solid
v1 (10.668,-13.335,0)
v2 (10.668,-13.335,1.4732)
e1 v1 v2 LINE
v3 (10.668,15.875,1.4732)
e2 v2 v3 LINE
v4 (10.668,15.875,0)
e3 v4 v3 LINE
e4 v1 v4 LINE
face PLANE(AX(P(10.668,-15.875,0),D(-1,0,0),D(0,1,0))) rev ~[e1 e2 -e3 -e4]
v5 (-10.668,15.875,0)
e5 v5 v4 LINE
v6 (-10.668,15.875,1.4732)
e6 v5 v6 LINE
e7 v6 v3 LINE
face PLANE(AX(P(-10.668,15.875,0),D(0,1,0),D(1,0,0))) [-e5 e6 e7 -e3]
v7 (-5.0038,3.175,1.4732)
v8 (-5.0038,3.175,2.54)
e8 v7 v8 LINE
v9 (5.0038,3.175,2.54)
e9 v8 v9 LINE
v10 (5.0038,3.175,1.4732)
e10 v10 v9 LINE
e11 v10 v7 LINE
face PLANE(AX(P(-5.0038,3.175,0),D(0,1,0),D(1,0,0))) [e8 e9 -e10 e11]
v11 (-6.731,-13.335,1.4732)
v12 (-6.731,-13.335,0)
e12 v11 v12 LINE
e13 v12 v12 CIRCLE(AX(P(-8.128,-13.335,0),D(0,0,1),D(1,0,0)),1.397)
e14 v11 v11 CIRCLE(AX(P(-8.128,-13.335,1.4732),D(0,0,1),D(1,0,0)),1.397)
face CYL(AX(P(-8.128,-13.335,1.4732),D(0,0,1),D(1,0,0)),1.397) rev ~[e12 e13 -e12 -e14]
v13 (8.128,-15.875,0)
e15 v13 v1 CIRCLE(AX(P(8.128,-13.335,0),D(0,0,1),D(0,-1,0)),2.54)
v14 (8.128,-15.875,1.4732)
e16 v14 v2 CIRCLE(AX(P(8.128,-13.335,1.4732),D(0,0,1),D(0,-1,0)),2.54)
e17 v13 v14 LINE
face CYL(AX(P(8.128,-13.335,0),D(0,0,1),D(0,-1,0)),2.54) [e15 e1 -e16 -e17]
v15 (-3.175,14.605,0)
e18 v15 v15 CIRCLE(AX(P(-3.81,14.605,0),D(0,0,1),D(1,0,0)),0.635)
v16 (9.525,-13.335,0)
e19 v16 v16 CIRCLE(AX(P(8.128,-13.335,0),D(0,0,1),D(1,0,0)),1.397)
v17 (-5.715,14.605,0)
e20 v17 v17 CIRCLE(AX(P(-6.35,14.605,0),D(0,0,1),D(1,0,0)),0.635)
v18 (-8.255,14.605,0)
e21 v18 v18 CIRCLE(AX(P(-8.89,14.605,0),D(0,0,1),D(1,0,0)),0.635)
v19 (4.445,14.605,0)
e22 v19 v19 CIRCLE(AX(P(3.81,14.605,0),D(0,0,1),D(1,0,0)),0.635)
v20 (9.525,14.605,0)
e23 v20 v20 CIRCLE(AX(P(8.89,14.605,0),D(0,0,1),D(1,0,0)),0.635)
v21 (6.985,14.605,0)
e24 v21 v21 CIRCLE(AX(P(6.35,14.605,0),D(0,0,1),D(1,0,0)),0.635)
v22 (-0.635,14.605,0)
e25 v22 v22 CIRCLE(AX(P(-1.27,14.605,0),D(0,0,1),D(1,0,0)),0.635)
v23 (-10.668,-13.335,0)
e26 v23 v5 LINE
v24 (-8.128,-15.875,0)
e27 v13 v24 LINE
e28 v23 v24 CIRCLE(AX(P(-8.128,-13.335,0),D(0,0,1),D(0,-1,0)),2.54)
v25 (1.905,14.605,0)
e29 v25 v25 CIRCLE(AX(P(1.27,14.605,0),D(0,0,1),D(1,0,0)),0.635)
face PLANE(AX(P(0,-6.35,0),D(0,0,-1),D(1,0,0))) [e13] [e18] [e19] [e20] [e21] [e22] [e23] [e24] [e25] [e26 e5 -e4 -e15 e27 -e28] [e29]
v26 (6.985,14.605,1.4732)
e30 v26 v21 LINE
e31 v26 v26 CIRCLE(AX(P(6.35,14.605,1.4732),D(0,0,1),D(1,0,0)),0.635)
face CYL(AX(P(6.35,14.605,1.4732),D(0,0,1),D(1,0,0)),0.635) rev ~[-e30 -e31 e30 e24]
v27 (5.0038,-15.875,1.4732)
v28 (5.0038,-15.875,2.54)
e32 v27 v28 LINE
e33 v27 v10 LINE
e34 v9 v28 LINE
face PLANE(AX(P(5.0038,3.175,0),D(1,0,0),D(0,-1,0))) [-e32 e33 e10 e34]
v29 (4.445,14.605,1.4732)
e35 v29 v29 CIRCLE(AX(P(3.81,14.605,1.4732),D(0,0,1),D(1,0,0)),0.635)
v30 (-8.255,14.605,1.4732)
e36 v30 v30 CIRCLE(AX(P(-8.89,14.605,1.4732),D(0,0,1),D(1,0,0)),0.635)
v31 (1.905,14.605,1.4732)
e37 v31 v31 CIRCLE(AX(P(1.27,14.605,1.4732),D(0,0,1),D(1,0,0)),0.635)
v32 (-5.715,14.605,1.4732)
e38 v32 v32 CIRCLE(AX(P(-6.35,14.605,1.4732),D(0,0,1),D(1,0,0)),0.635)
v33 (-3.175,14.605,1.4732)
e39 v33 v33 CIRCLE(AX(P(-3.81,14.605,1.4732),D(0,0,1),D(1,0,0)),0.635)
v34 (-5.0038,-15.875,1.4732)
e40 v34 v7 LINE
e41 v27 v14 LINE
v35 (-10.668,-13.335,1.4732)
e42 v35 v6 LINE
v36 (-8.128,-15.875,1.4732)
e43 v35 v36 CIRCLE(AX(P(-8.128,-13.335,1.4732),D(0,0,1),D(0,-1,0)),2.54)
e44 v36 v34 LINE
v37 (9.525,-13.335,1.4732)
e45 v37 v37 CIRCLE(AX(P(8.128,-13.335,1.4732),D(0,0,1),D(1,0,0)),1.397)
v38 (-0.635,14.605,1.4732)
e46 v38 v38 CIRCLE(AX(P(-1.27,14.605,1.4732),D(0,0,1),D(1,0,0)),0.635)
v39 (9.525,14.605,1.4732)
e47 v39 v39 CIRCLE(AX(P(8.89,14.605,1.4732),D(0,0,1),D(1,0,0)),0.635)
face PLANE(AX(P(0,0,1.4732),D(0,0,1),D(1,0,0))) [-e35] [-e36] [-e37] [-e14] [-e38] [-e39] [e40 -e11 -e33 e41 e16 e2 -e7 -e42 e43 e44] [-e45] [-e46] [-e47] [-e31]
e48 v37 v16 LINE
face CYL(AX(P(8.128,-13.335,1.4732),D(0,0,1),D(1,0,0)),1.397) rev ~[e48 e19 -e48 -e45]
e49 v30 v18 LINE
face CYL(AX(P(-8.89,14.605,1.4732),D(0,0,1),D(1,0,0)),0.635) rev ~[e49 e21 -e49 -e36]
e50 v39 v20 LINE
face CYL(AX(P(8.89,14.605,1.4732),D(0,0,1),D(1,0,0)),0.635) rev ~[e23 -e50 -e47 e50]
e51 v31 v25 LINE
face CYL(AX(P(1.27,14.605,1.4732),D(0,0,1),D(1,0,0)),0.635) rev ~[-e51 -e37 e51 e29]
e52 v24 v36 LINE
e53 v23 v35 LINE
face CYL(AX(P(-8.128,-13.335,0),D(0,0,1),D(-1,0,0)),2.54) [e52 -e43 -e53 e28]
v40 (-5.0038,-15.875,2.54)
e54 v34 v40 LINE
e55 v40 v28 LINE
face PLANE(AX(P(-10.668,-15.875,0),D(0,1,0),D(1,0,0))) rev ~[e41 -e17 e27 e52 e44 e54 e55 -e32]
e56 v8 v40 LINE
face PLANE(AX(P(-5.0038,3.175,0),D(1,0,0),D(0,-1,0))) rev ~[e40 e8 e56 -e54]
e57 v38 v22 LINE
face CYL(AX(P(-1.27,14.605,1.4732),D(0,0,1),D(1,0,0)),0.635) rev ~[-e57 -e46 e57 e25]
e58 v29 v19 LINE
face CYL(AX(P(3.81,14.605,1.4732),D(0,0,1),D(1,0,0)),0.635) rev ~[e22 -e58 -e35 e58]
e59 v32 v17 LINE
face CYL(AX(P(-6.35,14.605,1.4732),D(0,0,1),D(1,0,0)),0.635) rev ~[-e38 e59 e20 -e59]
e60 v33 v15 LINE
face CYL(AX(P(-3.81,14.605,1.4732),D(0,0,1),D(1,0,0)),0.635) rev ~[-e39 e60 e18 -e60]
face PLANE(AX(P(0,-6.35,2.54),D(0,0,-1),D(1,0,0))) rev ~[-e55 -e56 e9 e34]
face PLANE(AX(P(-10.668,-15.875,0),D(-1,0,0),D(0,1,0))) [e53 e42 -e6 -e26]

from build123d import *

# Parameters (mm, degrees)
F0_W     = 21.336
F0_H     = 31.75
F1_DEPTH = 1.4732
F2_R     = 2.54
F3_R     = 1.397
F4_DEPTH = 1.4732
F5_R     = 0.635
F6_DEPTH = 1.4732
F7_W     = 10.0076
F7_H     = 19.05
F8_DEPTH = 2.54


with BuildPart() as f1:
    # F0 (on Top) → F1 (new body)
    with BuildSketch(Plane.XY):
        Rectangle(F0_W, F0_H)
    extrude(amount=F1_DEPTH)

    # F2
    f2_edges = [f1.edges().sort_by_distance(p)[0] for p in [
        (10.668, -15.875, 0.7366),
        (-10.668, -15.875, 0.7366),
    ]]
    fillet(f2_edges, radius=F2_R)

    # F3 (on face) → F4 (cut, through all)
    with BuildSketch(Plane.XY.offset(1.4732)):
        with Locations((8.128, -13.335)):
            Circle(F3_R)
        with Locations((-8.128, -13.335)):
            Circle(F3_R)
    extrude(amount=-F4_DEPTH, mode=Mode.SUBTRACT)

    # F5 (on face) → F6 (cut, through all)
    with BuildSketch(Plane.XY.offset(1.4732)):
        with Locations((-8.89, 14.605)):
            Circle(F5_R)
        with Locations((-6.35, 14.605)):
            Circle(F5_R)
        with Locations((-3.81, 14.605)):
            Circle(F5_R)
        with Locations((-1.27, 14.605)):
            Circle(F5_R)
        with Locations((1.27, 14.605)):
            Circle(F5_R)
        with Locations((3.81, 14.605)):
            Circle(F5_R)
        with Locations((6.35, 14.605)):
            Circle(F5_R)
        with Locations((8.89, 14.605)):
            Circle(F5_R)
    extrude(amount=-F6_DEPTH, mode=Mode.SUBTRACT)

    # F7 (on face) → F8 (join)
    with BuildSketch(Plane(origin=(0, 0, 0), x_dir=(1, 0, 0), z_dir=(0, 0, -1))):
        with Locations((0, 6.35)):
            Rectangle(F7_W, F7_H)
    extrude(amount=-F8_DEPTH)


solid = f1.part
